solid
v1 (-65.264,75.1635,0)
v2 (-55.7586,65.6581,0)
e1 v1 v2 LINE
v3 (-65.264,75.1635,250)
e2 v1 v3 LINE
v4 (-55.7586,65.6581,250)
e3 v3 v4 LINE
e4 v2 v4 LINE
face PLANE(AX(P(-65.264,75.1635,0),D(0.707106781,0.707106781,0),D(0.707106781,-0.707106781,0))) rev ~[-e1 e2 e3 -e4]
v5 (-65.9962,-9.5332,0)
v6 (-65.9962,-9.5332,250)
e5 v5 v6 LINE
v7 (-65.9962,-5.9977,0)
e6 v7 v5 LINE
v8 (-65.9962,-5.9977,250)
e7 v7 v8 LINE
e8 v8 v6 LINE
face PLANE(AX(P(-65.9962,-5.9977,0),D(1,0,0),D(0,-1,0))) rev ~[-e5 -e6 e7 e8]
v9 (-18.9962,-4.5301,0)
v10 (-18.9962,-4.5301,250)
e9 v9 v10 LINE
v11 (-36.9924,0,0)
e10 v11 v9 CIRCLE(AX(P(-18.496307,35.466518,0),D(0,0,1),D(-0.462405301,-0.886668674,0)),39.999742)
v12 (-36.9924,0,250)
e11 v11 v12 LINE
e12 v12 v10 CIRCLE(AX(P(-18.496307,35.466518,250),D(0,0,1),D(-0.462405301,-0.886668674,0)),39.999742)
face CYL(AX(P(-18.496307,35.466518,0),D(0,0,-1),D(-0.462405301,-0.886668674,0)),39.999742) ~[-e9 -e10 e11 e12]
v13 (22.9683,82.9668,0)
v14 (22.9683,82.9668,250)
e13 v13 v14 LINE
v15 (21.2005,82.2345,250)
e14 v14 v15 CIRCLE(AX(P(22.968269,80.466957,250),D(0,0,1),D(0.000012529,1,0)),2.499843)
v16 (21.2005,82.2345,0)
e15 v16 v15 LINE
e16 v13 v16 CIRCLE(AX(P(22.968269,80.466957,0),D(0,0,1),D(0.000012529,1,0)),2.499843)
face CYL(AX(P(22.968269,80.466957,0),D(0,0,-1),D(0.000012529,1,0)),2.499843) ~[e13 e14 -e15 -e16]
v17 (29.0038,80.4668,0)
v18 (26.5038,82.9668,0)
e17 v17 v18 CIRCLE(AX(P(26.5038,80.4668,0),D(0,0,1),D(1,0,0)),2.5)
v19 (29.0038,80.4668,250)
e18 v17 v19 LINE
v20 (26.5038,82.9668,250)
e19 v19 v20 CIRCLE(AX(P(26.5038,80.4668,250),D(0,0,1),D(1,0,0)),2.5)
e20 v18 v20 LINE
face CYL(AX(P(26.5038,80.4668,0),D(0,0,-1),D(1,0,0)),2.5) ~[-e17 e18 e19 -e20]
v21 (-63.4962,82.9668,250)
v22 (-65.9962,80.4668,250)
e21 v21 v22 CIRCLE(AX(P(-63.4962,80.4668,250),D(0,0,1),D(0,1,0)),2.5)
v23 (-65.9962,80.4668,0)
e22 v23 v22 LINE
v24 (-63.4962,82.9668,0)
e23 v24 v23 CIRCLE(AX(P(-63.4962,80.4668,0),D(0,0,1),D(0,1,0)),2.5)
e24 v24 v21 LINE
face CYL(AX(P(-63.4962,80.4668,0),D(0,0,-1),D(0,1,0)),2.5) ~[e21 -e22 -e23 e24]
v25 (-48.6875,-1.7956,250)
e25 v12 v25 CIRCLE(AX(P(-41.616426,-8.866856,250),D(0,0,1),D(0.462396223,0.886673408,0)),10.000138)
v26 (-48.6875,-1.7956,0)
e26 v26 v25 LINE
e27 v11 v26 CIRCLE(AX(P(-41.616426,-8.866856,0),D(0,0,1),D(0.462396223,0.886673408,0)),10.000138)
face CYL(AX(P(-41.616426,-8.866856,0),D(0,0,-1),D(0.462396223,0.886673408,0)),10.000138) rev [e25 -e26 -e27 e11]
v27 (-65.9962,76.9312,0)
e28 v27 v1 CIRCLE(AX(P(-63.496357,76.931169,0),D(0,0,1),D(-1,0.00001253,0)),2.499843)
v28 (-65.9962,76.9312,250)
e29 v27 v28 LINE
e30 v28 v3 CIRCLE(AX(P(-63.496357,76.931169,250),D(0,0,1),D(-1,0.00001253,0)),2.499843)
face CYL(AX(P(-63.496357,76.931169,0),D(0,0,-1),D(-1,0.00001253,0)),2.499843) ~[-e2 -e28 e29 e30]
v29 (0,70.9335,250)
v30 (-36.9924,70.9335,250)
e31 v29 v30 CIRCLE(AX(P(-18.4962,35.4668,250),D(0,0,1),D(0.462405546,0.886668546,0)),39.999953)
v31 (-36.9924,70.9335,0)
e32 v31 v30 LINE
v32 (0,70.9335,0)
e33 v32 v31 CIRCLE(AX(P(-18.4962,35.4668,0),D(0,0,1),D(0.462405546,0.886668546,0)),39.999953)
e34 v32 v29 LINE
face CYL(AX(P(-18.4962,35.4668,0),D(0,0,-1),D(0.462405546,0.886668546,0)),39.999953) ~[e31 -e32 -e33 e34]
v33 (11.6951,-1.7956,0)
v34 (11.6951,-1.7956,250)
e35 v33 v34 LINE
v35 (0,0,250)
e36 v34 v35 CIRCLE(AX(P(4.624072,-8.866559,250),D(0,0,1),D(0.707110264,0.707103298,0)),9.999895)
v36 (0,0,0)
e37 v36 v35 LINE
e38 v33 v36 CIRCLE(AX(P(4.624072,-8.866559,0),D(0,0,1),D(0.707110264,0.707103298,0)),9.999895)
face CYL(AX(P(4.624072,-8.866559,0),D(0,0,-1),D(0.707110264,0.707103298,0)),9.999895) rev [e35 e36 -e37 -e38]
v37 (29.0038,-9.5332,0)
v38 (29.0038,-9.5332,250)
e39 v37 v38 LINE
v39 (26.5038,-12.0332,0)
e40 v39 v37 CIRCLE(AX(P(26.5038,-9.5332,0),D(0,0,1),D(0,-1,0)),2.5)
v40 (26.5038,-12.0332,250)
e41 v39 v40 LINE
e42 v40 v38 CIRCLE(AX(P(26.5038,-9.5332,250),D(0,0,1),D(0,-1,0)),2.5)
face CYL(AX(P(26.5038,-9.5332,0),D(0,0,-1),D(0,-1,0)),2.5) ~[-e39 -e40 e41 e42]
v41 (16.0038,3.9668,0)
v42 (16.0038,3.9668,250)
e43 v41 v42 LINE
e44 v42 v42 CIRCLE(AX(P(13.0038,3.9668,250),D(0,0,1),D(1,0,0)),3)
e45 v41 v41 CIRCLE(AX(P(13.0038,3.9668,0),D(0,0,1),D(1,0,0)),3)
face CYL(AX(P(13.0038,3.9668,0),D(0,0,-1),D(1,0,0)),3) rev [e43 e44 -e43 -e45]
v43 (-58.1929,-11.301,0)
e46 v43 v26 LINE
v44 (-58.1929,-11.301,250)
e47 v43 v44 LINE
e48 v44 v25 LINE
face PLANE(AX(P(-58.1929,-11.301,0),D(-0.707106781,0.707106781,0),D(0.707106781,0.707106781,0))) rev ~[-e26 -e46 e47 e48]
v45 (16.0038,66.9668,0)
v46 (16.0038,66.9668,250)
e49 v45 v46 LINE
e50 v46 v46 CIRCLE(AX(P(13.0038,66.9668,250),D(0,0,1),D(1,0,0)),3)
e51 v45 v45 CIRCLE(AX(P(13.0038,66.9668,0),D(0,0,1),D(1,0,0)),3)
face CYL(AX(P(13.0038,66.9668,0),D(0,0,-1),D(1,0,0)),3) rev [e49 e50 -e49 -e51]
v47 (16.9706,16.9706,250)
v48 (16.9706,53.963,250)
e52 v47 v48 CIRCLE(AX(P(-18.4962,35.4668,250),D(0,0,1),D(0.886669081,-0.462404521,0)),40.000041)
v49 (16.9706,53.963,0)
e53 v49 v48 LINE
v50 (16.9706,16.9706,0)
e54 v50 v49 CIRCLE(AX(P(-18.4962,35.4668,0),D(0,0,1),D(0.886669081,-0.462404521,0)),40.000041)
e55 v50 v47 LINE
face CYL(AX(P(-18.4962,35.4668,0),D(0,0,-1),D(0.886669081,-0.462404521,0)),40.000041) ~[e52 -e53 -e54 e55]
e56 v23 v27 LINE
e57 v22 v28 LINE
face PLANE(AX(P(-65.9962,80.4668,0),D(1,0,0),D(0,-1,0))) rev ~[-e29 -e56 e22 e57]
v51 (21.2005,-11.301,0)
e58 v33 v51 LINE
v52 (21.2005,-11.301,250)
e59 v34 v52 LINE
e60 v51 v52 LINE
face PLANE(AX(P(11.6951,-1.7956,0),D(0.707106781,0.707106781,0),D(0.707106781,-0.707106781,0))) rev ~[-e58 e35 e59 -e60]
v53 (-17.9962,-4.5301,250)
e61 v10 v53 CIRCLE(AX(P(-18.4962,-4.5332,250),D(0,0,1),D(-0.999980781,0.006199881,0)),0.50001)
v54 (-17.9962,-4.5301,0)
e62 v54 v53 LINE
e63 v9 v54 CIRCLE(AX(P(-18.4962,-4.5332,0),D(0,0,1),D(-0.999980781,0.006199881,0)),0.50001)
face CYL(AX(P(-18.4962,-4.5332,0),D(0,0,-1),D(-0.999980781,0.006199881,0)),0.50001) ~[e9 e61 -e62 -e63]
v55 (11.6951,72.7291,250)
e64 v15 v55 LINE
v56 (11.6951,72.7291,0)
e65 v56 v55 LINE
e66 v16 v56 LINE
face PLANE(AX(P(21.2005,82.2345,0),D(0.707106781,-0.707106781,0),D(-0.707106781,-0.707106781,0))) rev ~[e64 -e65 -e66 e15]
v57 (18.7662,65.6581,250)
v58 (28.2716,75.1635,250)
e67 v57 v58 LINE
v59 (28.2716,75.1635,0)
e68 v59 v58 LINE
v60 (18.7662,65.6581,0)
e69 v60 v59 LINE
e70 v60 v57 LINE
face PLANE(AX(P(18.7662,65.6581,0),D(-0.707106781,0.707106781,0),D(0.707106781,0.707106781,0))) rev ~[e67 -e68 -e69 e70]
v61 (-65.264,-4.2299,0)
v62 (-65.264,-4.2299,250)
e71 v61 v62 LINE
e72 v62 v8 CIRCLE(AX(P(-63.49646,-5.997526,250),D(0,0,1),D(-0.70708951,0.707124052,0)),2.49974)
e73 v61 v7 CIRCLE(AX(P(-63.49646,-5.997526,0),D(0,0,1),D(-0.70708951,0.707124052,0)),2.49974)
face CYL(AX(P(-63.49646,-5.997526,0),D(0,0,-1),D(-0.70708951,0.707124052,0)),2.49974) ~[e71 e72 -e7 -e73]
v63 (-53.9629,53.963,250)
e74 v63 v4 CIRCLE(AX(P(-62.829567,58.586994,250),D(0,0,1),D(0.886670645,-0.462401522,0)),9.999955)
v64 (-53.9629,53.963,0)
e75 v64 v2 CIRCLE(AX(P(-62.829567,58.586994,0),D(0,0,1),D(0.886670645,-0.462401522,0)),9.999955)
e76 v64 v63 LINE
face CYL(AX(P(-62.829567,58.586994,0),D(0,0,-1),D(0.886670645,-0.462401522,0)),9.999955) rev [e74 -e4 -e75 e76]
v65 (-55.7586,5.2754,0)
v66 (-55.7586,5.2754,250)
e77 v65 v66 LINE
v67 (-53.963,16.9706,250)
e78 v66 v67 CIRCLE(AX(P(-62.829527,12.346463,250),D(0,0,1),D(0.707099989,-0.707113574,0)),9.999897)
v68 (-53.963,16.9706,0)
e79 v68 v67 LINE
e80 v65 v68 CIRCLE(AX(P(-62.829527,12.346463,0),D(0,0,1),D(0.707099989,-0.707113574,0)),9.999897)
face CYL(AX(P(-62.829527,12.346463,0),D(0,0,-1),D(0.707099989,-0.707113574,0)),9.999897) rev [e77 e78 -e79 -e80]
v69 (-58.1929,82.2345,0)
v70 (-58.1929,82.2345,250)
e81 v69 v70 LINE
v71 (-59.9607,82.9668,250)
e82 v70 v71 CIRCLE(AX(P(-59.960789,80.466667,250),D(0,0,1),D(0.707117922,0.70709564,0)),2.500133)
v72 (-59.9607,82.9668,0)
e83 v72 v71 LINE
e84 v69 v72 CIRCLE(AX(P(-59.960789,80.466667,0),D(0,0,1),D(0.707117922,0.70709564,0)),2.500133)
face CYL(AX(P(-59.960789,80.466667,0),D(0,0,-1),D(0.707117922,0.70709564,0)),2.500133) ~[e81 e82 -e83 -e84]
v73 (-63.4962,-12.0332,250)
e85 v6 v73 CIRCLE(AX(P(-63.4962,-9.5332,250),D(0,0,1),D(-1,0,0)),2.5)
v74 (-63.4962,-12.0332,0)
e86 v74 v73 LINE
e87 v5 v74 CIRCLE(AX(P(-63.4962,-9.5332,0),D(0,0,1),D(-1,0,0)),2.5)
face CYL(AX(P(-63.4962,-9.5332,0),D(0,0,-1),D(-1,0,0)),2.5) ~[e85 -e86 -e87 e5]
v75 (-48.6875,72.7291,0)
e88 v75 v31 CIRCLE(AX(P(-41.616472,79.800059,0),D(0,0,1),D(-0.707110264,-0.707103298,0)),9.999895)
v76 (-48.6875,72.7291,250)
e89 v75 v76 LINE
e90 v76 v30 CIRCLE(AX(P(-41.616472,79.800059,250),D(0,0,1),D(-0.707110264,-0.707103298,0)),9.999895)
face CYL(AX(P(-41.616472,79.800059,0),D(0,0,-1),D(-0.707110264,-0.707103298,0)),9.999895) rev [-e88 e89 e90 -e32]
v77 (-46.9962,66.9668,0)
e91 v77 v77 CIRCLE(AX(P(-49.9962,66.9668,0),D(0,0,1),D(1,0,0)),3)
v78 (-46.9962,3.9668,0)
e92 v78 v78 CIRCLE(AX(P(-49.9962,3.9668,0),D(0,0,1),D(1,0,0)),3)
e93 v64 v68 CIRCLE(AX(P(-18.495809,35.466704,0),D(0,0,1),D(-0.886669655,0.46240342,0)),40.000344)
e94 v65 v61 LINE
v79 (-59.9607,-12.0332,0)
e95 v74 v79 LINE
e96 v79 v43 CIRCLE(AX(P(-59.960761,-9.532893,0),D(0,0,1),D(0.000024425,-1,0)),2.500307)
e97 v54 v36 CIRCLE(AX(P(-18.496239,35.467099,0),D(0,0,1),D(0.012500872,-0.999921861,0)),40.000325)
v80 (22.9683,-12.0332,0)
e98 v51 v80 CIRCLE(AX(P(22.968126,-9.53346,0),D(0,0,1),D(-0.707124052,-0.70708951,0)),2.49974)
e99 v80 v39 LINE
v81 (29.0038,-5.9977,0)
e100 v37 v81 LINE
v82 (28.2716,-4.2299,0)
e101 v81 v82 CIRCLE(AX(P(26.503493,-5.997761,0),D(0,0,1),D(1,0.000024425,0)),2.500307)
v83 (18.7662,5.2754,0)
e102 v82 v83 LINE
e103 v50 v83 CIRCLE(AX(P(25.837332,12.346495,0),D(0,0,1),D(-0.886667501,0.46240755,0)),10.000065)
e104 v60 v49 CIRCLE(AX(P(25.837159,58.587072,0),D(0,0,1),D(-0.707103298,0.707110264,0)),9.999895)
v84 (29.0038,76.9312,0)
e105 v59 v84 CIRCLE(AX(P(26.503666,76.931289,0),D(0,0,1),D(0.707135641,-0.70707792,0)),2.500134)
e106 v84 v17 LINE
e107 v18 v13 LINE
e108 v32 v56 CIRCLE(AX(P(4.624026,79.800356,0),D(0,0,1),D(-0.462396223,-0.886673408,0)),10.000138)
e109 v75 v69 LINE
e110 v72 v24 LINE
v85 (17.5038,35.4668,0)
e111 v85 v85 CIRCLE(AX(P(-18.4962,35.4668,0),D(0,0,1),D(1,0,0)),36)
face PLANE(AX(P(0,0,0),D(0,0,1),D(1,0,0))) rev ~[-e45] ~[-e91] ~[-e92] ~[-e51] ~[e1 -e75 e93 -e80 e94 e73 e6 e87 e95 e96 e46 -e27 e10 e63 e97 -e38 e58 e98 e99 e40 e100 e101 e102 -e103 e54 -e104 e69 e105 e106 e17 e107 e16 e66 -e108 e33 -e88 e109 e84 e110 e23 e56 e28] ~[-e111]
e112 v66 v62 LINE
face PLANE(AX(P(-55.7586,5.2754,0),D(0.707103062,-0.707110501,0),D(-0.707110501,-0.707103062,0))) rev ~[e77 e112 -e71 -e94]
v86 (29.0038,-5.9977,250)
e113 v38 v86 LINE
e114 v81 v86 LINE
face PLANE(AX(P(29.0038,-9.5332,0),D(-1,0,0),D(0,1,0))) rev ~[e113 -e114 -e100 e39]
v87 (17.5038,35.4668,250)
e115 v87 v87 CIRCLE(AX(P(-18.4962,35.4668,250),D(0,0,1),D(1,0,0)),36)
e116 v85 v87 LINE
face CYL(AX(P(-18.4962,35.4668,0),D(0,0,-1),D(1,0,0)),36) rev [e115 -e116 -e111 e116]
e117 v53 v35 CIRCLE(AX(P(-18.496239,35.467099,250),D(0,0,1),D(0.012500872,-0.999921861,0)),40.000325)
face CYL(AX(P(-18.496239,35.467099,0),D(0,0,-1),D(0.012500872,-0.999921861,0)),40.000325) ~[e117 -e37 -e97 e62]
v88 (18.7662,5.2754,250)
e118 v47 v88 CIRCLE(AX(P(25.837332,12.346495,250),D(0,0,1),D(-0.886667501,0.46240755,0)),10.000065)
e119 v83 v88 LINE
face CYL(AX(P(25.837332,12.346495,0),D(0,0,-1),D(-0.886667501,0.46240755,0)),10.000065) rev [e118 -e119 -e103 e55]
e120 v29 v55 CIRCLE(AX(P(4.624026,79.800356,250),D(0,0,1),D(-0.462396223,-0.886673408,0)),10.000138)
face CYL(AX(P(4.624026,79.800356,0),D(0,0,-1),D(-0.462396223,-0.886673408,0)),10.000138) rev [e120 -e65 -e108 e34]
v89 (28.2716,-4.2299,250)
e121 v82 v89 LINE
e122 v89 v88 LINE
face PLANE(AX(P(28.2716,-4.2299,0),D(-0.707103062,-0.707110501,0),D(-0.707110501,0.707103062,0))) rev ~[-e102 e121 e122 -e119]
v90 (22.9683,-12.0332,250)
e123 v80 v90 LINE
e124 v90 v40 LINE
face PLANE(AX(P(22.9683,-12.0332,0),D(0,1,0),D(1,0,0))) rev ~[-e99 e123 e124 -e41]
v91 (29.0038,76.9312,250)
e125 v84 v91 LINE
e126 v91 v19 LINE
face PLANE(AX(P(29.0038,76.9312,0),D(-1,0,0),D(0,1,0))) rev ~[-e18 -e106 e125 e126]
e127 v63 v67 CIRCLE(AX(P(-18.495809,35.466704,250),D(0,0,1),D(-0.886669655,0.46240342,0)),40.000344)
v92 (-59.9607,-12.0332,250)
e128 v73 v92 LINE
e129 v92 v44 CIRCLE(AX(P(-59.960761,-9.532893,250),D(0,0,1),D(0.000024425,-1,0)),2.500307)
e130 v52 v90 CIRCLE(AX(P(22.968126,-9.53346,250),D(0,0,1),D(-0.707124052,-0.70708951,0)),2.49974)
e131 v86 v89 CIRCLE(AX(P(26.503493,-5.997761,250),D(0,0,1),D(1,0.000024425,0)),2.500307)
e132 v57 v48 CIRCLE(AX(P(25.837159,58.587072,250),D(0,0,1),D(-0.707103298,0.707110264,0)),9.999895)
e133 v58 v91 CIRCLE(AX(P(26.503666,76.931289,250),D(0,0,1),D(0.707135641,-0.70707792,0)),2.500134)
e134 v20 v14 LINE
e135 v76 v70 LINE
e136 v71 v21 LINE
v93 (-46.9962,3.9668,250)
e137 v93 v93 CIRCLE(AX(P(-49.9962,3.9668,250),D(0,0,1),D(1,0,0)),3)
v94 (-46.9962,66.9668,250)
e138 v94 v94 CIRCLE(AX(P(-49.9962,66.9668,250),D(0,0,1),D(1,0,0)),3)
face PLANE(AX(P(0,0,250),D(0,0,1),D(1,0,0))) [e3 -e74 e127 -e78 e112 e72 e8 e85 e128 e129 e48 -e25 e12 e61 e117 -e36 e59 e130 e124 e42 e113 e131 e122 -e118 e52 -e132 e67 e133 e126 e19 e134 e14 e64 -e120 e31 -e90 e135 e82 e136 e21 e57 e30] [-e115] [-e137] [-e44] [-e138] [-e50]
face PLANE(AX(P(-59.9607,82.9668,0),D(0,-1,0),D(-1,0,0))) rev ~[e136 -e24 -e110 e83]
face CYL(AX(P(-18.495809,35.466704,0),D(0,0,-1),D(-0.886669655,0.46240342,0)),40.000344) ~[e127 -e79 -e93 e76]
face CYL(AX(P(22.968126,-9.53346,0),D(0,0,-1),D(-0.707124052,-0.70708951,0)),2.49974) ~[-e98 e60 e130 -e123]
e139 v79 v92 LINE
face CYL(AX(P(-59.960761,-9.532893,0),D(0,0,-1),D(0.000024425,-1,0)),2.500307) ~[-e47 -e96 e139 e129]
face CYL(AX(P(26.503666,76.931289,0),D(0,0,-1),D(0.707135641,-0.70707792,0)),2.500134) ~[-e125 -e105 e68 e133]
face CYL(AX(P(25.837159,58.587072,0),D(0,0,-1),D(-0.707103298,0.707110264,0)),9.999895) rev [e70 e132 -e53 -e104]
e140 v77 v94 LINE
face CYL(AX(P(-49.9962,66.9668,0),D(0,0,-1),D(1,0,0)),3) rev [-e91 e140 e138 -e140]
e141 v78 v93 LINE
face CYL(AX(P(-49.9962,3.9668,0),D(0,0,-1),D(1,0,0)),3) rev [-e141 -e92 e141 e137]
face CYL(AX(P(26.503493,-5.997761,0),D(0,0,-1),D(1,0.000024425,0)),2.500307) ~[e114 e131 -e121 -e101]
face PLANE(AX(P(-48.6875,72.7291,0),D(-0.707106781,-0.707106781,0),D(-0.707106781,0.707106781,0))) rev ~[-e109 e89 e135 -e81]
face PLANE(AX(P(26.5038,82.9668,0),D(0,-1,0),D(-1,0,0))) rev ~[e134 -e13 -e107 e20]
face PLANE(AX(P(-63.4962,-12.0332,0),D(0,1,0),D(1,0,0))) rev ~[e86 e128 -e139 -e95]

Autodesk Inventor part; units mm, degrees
ref_plane "YZ Plane" through (0, 0, 0) normal (1, 0, 0) x (0, 1, 0)
ref_plane "XZ Plane" through (0, 0, 0) normal (0, 1, 0) x (-1, 0, 0)
ref_plane "XY Plane" through (0, 0, 0) normal (0, 0, 1) x (1, 0, 0)
sketch "Sketch1" plane through (0, 0, 0) normal (0, 0, 1) x (1, 0, 0)
  arc A0 (11.6951, -1.7956) -> (0, 0) centre (4.624, -8.8667) ccw
  line L0 (11.6951, -1.7956) -> (21.2005, -11.301)
  arc A1 (21.2005, -11.301) -> (22.9683, -12.0332) centre (22.9683, -9.5332) ccw
  line L1 (22.9683, -12.0332) -> (26.5038, -12.0332)
  arc A2 (26.5038, -12.0332) -> (29.0038, -9.5332) centre (26.5038, -9.5332) ccw
  line L2 (29.0038, -9.5332) -> (29.0038, -5.9977)
  arc A3 (29.0038, -5.9977) -> (28.2716, -4.2299) centre (26.5038, -5.9977) ccw
  line L3 (28.2716, -4.2299) -> (18.7662, 5.2754)
  arc A4 (16.9706, 16.9706) -> (18.7662, 5.2754) centre (25.8373, 12.3465) ccw
  arc A5 (16.9706, 16.9706) -> (16.9706, 53.963) centre (-18.4962, 35.4668) ccw
  arc A6 (18.7662, 65.6581) -> (16.9706, 53.963) centre (25.8373, 58.587) ccw
  line L4 (18.7662, 65.6581) -> (28.2716, 75.1635)
  arc A7 (28.2716, 75.1635) -> (29.0038, 76.9312) centre (26.5038, 76.9312) ccw
  line L5 (29.0038, 76.9312) -> (29.0038, 80.4668)
  arc A8 (29.0038, 80.4668) -> (26.5038, 82.9668) centre (26.5038, 80.4668) ccw
  line L6 (26.5038, 82.9668) -> (22.9683, 82.9668)
  arc A9 (22.9683, 82.9668) -> (21.2005, 82.2345) centre (22.9683, 80.4668) ccw
  line L7 (21.2005, 82.2345) -> (11.6951, 72.7291)
  arc A10 (0, 70.9335) -> (11.6951, 72.7291) centre (4.624, 79.8002) ccw
  arc A11 (0, 70.9335) -> (-36.9924, 70.9335) centre (-18.4962, 35.4668) ccw
  arc A12 (-48.6875, 72.7291) -> (-36.9924, 70.9335) centre (-41.6164, 79.8002) ccw
  line L8 (-48.6875, 72.7291) -> (-58.1929, 82.2345)
  arc A13 (-58.1929, 82.2345) -> (-59.9607, 82.9668) centre (-59.9607, 80.4668) ccw
  line L9 (-59.9607, 82.9668) -> (-63.4962, 82.9668)
  arc A14 (-63.4962, 82.9668) -> (-65.9962, 80.4668) centre (-63.4962, 80.4668) ccw
  line L10 (-65.9962, 80.4668) -> (-65.9962, 76.9312)
  arc A15 (-65.9962, 76.9312) -> (-65.264, 75.1635) centre (-63.4962, 76.9312) ccw
  line L11 (-65.264, 75.1635) -> (-55.7586, 65.6581)
  arc A16 (-53.9629, 53.963) -> (-55.7586, 65.6581) centre (-62.8296, 58.587) ccw
  arc A17 (-53.9629, 53.963) -> (-53.963, 16.9706) centre (-18.4962, 35.4668) ccw
  arc A18 (-55.7586, 5.2754) -> (-53.963, 16.9706) centre (-62.8296, 12.3465) ccw
  line L12 (-55.7586, 5.2754) -> (-65.264, -4.2299)
  arc A19 (-65.264, -4.2299) -> (-65.9962, -5.9977) centre (-63.4962, -5.9977) ccw
  line L13 (-65.9962, -5.9977) -> (-65.9962, -9.5332)
  arc A20 (-65.9962, -9.5332) -> (-63.4962, -12.0332) centre (-63.4962, -9.5332) ccw
  line L14 (-63.4962, -12.0332) -> (-59.9607, -12.0332)
  arc A21 (-59.9607, -12.0332) -> (-58.1929, -11.301) centre (-59.9607, -9.5332) ccw
  line L15 (-58.1929, -11.301) -> (-48.6875, -1.7956)
  arc A22 (-36.9924, 0) -> (-48.6875, -1.7956) centre (-41.6164, -8.8667) ccw
  arc A23 (-36.9924, 0) -> (-18.9962, -4.5301) centre (-18.4962, 35.4668) ccw
  arc A24 (-18.9962, -4.5301) -> (-17.9962, -4.5301) centre (-18.4962, -4.5332) ccw
  arc A25 (-17.9962, -4.5301) -> (0, 0) centre (-18.4962, 35.4668) ccw
  circle A26 centre (-49.9962, 3.9668) radius 3
  circle A27 centre (-49.9962, 66.9668) radius 3
  circle A28 centre (13.0038, 3.9668) radius 3
  circle A29 centre (13.0038, 66.9668) radius 3
  circle A30 centre (-18.4962, 35.4668) radius 36
extrude "Extrusion1" add sketch "Sketch1" along normal blind 250
properties part number "X95_250mm"
